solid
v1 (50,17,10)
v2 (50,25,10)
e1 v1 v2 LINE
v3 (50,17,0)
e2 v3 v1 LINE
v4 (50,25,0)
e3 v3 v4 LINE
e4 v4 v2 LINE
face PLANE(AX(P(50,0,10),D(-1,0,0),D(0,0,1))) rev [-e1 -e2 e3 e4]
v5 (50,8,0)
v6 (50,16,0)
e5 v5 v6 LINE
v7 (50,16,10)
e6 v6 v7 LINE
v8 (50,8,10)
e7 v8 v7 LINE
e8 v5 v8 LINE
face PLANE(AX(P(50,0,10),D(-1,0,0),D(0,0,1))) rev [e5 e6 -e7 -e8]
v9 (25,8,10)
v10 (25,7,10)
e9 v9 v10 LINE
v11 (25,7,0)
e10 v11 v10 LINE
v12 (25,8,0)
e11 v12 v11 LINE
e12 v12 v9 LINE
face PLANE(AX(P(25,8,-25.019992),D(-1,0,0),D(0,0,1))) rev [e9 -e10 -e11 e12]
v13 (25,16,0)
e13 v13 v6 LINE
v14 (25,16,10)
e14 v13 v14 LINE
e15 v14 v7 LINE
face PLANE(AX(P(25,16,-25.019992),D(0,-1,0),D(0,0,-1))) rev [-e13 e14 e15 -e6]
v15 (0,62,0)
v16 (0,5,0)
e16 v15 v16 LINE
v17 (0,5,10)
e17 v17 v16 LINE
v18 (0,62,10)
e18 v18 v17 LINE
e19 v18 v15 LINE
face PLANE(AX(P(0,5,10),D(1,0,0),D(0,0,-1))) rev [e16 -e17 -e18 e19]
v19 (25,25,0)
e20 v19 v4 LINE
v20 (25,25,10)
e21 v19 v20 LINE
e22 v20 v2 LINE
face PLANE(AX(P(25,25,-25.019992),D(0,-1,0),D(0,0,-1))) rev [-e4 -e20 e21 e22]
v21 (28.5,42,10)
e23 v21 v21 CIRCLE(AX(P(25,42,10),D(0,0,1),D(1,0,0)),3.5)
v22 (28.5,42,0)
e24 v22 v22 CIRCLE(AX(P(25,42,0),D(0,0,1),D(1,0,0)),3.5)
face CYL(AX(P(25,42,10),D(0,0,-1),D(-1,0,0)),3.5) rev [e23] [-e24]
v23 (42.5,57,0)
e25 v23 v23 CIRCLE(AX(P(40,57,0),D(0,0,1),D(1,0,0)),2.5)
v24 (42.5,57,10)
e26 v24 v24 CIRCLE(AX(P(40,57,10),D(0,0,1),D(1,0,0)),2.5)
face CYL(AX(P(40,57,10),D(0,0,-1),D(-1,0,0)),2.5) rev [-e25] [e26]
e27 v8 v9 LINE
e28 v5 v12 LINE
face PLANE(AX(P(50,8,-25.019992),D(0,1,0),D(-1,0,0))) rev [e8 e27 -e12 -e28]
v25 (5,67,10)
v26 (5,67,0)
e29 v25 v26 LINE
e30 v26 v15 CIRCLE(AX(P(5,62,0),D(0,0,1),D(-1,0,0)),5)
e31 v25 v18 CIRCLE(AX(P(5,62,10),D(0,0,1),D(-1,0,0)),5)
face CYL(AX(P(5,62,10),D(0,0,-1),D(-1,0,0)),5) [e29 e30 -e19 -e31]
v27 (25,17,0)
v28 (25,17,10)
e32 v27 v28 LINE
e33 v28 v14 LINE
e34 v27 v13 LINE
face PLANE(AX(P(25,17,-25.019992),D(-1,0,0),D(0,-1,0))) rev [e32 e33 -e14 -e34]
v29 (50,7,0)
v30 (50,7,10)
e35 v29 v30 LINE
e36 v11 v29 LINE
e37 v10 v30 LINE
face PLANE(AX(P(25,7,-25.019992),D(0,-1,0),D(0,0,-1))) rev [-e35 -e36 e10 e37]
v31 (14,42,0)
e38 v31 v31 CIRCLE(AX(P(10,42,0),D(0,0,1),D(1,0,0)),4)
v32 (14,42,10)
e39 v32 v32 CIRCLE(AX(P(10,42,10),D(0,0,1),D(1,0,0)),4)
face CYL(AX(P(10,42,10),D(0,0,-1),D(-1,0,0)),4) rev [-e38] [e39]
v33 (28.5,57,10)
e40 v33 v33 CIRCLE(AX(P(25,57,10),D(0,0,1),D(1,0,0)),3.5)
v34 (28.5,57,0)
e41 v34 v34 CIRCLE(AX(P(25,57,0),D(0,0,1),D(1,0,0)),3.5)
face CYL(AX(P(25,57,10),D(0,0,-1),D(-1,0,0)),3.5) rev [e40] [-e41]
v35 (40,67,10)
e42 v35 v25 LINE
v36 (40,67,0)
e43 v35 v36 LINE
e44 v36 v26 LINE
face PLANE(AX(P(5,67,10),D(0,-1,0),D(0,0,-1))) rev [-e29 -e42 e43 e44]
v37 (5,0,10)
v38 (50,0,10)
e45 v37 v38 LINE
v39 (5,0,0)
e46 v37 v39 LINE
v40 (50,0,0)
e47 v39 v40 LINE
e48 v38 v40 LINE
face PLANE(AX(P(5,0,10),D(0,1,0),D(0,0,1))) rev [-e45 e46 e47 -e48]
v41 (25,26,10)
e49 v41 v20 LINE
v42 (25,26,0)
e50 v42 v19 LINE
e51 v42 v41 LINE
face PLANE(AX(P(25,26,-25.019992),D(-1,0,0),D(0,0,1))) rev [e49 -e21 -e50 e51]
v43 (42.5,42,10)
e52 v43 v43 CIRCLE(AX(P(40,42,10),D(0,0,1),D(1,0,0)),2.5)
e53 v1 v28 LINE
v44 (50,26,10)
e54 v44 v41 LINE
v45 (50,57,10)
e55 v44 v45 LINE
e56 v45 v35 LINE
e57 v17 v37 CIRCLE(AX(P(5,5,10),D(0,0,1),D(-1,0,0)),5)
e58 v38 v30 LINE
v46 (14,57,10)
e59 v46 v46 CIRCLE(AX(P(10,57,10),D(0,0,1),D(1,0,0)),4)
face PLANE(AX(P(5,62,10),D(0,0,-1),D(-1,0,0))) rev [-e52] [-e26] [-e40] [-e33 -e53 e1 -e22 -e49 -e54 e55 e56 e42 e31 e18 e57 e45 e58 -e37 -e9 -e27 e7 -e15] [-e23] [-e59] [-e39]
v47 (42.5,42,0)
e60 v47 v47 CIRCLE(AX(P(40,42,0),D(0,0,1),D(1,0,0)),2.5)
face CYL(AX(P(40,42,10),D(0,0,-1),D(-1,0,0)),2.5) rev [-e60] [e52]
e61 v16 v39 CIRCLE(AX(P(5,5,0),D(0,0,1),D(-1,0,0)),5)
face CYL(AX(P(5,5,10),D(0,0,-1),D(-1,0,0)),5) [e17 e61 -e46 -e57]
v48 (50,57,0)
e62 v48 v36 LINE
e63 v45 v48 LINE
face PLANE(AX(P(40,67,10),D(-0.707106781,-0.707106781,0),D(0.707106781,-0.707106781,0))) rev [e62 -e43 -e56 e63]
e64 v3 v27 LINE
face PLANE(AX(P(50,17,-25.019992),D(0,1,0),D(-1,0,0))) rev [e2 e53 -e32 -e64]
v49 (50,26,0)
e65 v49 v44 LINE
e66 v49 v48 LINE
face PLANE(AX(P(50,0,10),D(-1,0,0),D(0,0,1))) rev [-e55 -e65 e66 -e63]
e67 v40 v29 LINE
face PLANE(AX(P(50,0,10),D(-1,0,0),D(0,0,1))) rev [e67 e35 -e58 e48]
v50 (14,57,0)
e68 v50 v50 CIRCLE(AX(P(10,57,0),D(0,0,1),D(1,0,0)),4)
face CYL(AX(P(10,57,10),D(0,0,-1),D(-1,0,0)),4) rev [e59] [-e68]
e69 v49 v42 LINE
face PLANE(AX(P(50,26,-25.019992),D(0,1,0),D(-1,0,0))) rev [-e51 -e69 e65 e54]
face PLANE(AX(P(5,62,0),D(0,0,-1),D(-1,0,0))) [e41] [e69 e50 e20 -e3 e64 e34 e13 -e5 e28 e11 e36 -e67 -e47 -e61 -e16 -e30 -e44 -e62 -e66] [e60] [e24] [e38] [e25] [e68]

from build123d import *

# Parameters (mm, degrees)
SKETCH1_R           = 4
SKETCH1_R_2         = 3.5
SKETCH1_R_3         = 2.5
BOSS_EXTRUDE1_DEPTH = 10
SKETCH2_W           = 25
SKETCH2_H           = 1
CUT_EXTRUDE1_DEPTH  = 10


with BuildPart() as part:
    # Sketch1 → Boss-Extrude1 (new body)
    with BuildSketch(Plane.XY):
        with BuildLine():
            Line((40, 67), (50, 57))
            Line((50, 57), (50, 0))
            Line((50, 0), (5, 0))
            ThreePointArc((5, 0), (1.464466094, 1.464466094), (0, 5))
            Line((0, 5), (0, 62))
            ThreePointArc((0, 62), (1.464466094, 65.535533906), (5, 67))
            Line((5, 67), (40, 67))
        make_face()
        with Locations((10, 57)):
            Circle(SKETCH1_R, mode=Mode.SUBTRACT)
        with Locations((25, 57)):
            Circle(SKETCH1_R_2, mode=Mode.SUBTRACT)
        with Locations((40, 57)):
            Circle(SKETCH1_R_3, mode=Mode.SUBTRACT)
        with Locations((10, 42)):
            Circle(SKETCH1_R, mode=Mode.SUBTRACT)
        with Locations((25, 42)):
            Circle(SKETCH1_R_2, mode=Mode.SUBTRACT)
        with Locations((40, 42)):
            Circle(SKETCH1_R_3, mode=Mode.SUBTRACT)
    extrude(amount=BOSS_EXTRUDE1_DEPTH)

    # Sketch2 → Cut-Extrude1 (cut)
    with BuildSketch(Plane.XY.offset(10)):
        with Locations((37.5, 25.5)):
            Rectangle(SKETCH2_W, SKETCH2_H)
        with Locations((37.5, 16.5)):
            Rectangle(SKETCH2_W, SKETCH2_H)
        with Locations((37.5, 7.5)):
            Rectangle(SKETCH2_W, SKETCH2_H)
    extrude(amount=-CUT_EXTRUDE1_DEPTH, mode=Mode.SUBTRACT)


solid = part.part
